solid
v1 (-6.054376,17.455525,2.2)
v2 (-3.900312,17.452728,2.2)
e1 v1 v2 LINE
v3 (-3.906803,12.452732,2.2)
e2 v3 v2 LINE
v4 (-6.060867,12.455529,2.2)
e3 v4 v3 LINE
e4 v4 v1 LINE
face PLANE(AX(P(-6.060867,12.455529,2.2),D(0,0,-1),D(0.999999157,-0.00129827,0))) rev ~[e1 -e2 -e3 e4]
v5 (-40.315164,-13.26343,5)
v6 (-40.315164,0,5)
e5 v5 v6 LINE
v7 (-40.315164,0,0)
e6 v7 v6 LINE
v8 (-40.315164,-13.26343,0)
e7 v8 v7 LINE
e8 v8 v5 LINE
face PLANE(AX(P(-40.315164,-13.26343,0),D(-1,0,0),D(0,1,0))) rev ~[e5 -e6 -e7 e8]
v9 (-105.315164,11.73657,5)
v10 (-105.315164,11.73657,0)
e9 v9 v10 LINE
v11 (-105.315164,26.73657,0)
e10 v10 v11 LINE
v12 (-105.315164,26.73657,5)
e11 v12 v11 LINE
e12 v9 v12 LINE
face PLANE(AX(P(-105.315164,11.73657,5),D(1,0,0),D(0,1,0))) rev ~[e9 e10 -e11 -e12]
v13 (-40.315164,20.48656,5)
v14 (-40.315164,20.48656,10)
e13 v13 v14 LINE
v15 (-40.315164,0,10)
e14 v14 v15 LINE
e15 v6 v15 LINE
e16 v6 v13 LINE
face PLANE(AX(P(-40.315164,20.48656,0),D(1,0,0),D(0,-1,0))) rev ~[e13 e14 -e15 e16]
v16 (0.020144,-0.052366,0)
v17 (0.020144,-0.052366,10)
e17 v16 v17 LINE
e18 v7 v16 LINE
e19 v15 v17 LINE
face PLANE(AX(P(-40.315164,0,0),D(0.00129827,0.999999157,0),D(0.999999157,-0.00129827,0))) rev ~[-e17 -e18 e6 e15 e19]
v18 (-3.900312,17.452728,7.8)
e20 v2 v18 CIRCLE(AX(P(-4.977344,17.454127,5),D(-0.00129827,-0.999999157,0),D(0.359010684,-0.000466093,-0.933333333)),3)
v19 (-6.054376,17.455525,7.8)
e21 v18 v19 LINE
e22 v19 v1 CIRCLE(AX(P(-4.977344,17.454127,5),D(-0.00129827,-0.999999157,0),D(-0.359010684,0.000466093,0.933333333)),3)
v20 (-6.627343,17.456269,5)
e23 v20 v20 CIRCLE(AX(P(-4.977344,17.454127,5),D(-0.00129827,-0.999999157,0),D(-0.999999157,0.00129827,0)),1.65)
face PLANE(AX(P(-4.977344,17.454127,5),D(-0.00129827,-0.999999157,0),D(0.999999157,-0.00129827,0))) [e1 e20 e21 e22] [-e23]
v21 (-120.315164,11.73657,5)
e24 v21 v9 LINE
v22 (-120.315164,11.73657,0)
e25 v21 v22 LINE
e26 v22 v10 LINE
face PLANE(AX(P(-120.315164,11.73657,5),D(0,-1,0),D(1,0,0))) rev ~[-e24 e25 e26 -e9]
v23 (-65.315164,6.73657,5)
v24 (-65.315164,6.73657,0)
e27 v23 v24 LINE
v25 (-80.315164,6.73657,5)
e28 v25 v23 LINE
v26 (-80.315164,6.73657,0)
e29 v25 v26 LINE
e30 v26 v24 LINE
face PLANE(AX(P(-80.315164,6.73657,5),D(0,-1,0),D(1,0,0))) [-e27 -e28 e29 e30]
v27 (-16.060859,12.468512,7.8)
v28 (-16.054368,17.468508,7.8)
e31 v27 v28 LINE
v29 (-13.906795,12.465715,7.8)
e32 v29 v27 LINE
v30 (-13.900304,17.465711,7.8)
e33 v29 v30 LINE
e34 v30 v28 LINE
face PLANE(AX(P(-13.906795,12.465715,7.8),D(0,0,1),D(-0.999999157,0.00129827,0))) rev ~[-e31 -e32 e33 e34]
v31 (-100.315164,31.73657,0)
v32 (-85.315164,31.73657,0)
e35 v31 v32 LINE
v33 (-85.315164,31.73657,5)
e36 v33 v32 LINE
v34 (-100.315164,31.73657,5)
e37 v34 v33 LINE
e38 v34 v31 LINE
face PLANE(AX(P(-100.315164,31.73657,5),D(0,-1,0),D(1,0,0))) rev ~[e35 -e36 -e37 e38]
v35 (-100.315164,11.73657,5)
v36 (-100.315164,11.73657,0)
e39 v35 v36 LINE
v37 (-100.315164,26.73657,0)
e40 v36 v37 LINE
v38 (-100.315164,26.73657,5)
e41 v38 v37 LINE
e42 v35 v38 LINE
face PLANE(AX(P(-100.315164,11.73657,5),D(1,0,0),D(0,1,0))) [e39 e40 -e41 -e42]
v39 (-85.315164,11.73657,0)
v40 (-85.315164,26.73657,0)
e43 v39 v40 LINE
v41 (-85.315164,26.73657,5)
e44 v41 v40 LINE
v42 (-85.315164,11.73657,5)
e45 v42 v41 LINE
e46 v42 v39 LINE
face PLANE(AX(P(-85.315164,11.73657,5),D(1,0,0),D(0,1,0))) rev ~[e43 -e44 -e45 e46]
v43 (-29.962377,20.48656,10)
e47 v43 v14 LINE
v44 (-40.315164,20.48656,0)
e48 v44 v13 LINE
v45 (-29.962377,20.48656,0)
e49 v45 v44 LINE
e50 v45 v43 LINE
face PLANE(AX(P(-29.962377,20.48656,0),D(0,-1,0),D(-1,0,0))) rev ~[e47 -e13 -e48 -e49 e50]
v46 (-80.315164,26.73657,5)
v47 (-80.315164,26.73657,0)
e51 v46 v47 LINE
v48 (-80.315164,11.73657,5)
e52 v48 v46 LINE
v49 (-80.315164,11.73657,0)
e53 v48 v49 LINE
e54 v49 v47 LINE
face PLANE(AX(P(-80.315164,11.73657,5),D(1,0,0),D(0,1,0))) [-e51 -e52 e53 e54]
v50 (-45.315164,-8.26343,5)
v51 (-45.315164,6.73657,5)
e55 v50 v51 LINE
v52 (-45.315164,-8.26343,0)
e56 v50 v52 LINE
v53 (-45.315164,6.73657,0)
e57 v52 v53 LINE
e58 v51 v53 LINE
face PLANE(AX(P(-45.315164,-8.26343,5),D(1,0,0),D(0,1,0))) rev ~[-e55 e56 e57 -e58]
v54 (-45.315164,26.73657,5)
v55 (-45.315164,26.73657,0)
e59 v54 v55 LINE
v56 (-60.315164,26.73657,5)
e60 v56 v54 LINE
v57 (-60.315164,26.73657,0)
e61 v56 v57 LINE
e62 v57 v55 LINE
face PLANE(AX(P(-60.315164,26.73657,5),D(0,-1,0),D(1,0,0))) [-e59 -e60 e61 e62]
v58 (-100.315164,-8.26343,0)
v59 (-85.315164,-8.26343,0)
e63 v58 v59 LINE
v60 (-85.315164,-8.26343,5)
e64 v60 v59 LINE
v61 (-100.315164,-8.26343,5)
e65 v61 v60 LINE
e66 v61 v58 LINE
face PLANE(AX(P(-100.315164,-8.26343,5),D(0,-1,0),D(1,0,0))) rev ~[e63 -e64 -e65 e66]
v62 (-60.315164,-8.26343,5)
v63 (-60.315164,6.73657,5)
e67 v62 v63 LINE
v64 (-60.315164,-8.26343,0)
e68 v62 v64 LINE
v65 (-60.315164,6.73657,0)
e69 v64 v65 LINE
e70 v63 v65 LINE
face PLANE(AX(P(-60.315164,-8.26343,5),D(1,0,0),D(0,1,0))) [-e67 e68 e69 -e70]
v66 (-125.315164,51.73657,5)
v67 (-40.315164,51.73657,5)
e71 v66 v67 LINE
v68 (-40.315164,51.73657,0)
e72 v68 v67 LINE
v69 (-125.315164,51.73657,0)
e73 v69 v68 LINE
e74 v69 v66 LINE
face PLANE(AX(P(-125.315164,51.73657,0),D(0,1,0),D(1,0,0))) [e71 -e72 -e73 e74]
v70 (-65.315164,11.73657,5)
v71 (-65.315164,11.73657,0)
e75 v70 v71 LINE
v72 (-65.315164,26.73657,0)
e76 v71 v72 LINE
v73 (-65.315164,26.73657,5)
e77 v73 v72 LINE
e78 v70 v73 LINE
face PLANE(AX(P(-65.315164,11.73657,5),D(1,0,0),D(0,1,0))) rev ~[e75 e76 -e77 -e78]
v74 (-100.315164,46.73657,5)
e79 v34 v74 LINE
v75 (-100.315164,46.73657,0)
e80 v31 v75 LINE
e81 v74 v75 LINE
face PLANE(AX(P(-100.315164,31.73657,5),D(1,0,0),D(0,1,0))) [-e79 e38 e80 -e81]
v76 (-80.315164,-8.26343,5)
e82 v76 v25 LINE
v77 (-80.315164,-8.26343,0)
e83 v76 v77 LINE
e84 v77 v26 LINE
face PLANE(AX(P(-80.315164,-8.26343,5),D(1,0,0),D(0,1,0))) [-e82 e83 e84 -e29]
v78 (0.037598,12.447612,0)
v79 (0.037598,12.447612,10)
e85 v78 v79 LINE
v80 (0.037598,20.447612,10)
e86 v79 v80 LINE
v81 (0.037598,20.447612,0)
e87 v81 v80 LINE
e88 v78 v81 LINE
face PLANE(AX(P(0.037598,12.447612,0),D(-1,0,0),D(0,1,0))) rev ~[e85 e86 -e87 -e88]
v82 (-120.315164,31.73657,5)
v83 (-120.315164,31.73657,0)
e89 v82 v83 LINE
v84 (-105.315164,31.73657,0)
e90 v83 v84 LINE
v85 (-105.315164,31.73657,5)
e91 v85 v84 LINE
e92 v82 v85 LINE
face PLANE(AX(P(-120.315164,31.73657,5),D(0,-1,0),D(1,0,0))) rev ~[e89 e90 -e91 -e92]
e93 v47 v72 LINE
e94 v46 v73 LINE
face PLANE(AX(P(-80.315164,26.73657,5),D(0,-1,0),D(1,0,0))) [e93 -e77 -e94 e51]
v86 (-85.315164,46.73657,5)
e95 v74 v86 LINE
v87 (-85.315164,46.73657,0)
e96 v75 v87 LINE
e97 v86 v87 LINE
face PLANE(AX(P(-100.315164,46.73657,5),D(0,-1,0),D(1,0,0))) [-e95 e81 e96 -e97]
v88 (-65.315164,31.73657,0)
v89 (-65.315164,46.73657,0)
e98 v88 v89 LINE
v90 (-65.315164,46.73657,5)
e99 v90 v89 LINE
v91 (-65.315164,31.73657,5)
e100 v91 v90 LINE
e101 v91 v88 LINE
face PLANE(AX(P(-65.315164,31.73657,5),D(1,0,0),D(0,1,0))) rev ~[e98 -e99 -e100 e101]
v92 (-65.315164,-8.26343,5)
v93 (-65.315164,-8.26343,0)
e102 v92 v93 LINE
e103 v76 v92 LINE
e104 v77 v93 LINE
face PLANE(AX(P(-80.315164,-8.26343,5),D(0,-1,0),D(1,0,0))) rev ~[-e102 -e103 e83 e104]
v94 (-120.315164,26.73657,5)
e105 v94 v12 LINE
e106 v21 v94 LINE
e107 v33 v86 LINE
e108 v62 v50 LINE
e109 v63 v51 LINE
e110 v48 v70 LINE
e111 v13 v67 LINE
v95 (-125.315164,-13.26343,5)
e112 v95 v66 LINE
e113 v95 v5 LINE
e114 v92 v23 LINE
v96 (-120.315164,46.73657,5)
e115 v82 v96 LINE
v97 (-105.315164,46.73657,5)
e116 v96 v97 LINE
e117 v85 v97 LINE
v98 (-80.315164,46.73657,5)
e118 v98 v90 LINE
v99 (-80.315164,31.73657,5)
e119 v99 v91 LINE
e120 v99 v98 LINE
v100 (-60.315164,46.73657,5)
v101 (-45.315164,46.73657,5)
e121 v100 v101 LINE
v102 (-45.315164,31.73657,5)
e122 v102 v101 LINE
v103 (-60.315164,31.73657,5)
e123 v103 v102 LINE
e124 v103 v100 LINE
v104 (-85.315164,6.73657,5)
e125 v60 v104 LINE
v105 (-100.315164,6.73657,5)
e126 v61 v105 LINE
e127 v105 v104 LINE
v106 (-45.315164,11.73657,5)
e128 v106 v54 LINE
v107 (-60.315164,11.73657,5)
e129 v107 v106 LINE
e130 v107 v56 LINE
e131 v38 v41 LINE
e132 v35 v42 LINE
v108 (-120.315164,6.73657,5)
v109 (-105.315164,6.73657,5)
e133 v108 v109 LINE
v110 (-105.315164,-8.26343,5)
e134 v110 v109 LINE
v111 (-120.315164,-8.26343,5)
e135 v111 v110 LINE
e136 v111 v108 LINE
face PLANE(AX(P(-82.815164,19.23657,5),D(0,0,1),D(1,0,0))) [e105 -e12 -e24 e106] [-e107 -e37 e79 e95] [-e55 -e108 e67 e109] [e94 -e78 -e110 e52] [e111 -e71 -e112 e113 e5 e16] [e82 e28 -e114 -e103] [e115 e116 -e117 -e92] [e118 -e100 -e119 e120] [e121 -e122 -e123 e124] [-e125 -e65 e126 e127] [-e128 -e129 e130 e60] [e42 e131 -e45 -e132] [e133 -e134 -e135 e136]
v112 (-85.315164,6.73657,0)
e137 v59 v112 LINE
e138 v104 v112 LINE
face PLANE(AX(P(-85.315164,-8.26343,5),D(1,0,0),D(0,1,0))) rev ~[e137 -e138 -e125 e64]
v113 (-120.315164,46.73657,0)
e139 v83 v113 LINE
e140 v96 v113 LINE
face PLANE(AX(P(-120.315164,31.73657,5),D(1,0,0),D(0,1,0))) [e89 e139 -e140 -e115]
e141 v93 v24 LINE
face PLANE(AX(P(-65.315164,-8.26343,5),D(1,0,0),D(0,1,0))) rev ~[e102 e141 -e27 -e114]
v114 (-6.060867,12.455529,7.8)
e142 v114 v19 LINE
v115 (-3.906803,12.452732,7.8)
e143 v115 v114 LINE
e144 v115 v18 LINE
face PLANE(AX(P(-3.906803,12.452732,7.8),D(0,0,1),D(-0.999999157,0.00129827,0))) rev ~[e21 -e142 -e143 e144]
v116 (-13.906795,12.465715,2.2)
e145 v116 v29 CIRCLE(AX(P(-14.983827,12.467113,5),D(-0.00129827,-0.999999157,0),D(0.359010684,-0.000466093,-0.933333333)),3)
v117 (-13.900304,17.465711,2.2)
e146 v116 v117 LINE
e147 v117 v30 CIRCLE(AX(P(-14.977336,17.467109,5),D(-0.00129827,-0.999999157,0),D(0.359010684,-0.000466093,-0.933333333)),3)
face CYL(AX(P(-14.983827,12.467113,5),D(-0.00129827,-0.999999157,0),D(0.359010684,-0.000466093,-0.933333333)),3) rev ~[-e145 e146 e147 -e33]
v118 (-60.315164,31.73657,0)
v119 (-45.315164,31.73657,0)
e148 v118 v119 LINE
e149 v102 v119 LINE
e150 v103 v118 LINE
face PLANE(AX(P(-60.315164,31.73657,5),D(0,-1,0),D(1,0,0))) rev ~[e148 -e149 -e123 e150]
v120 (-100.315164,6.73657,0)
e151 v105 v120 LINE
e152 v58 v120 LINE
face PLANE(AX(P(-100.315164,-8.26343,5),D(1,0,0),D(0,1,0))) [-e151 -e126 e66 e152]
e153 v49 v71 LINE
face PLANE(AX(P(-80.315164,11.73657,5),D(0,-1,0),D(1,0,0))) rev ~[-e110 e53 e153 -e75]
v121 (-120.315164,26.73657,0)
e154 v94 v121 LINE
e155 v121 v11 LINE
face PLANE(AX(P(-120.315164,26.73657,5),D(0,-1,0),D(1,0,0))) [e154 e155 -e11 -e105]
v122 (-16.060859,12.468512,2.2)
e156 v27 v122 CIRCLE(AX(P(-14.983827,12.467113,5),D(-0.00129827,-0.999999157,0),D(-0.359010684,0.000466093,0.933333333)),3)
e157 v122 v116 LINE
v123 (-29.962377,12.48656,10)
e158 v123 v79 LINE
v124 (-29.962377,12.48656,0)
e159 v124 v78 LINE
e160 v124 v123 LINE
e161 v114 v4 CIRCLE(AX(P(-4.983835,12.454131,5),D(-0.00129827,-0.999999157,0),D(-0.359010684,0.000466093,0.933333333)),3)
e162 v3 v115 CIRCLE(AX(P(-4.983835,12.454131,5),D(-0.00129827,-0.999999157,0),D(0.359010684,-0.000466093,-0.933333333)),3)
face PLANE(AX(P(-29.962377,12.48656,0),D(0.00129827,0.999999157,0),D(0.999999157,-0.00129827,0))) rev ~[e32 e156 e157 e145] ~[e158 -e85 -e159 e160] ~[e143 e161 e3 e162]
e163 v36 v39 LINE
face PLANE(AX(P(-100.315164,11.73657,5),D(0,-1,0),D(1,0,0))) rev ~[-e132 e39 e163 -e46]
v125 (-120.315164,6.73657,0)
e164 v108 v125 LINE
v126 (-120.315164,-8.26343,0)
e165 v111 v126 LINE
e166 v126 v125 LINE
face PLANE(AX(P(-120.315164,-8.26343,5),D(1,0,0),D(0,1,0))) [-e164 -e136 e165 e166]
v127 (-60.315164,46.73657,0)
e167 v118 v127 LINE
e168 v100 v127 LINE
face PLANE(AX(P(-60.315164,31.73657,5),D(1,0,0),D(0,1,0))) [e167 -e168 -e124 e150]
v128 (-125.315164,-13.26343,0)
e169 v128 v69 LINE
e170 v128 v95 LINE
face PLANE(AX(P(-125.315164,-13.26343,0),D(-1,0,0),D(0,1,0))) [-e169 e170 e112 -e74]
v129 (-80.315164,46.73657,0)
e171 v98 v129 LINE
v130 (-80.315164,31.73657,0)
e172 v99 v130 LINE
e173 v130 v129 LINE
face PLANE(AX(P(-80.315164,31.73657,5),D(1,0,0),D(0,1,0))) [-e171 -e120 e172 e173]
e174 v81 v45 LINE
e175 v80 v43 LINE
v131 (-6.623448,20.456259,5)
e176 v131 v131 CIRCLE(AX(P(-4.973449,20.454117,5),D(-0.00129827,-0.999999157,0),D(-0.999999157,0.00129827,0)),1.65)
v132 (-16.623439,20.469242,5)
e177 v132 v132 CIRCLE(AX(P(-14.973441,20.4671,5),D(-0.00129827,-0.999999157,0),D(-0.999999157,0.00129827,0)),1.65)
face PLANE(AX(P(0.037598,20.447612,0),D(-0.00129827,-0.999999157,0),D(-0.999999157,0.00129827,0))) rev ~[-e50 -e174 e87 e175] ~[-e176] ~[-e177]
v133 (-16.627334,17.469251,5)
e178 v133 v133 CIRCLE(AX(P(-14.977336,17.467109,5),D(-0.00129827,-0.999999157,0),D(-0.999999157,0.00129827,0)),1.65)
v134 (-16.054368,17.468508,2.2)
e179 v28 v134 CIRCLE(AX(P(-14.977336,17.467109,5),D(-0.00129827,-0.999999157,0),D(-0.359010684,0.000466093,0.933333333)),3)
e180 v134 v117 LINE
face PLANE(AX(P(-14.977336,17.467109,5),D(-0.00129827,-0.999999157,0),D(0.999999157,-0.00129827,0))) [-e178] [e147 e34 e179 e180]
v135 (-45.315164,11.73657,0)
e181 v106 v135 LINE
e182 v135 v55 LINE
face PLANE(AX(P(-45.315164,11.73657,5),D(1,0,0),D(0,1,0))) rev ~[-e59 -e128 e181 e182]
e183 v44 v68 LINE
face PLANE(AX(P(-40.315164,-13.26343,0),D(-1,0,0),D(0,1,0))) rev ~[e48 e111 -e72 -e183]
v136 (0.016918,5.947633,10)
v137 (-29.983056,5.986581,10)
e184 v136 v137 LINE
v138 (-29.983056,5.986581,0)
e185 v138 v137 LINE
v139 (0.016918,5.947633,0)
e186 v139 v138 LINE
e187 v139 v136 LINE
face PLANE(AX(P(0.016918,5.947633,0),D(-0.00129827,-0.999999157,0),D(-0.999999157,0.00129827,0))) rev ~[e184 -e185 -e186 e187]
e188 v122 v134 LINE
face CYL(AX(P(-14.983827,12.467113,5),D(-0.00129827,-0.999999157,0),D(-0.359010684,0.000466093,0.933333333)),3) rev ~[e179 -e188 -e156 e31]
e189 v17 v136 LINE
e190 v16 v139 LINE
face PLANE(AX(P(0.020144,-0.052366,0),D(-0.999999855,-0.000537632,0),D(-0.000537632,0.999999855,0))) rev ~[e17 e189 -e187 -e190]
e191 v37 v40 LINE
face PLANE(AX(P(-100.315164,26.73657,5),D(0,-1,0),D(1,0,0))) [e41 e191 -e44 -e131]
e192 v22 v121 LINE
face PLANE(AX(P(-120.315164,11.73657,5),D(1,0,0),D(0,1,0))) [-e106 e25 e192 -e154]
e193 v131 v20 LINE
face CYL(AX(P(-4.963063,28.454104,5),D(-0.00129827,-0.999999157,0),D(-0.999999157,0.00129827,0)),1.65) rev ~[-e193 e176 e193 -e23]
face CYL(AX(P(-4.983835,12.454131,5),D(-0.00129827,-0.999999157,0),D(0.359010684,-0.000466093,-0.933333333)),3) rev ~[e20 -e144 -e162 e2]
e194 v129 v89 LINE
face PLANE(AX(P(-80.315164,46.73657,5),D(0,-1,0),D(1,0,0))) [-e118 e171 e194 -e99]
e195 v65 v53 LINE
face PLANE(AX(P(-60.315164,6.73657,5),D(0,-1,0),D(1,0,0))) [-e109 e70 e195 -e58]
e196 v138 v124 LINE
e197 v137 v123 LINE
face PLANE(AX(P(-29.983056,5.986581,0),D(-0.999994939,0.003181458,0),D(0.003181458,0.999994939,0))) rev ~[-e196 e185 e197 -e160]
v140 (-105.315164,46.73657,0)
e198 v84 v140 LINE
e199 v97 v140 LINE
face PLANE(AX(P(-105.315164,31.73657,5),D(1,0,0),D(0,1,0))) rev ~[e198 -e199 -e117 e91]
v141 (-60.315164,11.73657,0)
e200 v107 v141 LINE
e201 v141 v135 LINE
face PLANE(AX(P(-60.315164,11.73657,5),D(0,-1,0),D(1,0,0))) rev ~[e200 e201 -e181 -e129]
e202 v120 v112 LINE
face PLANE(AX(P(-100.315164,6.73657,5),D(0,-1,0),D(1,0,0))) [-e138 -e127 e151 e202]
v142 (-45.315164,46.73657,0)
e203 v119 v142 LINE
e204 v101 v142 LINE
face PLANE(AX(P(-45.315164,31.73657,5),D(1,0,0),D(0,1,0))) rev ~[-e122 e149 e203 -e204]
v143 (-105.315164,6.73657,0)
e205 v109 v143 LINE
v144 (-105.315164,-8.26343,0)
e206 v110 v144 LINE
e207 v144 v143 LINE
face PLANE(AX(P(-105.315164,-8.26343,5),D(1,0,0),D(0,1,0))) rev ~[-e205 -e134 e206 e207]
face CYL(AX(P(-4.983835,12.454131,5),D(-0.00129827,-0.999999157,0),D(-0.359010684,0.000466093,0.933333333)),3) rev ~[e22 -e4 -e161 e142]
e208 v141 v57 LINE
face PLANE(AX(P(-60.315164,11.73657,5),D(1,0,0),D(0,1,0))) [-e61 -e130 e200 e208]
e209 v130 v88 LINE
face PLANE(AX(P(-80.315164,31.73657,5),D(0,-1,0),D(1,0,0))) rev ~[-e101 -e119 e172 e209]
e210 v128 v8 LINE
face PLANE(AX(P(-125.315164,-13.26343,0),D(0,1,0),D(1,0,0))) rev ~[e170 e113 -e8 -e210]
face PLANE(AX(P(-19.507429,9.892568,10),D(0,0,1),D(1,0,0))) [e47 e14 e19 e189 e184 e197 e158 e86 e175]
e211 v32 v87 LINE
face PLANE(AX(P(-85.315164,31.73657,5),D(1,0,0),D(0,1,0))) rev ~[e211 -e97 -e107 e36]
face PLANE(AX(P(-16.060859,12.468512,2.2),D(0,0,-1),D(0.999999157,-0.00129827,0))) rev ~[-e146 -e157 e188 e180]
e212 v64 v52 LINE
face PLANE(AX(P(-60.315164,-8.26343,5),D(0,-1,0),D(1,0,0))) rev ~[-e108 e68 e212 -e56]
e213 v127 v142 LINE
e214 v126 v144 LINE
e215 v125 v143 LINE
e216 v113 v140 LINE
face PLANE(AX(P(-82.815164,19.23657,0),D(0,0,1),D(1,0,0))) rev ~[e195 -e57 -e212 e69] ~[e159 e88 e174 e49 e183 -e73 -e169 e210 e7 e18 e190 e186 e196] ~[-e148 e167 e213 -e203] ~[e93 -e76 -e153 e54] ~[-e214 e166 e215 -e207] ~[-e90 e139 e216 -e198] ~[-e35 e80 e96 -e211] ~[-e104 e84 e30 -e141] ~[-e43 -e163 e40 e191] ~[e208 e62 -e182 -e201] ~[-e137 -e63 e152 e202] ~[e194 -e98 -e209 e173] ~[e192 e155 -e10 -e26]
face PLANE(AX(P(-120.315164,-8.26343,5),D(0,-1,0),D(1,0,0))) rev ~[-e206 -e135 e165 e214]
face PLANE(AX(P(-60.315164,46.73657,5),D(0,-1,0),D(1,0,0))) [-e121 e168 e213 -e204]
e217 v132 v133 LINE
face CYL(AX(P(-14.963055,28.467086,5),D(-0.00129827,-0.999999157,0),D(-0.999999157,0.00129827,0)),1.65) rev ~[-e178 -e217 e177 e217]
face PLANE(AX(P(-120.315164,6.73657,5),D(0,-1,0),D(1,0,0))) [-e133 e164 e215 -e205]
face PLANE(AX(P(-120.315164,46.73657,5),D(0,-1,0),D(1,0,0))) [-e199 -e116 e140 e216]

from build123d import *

# Parameters (mm, degrees)
EXTRUDE_1_DEPTH             = 10
HOLE_WIZARD_M4_1_D          = 3.3
HOLE_WIZARD_M4_1_DEPTH      = 7.999993258
CUT_EXTRUDE_1_DEPTH         = 5
SKETCH_6_W                  = 85
SKETCH_6_H                  = 65
EXTRUDE_2_DEPTH             = 5
SKETCH_7_W                  = 15
SKETCH_7_H                  = 15
CUT_EXTRUDE_2_DEPTH         = 5
PATTERN_LINEAR_1_COUNT      = 4
PATTERN_LINEAR_1_PITCH      = 20
PATTERN_LINEAR_1_COUNT_DIR2 = 3
PATTERN_LINEAR_1_PITCH_DIR2 = 20


with BuildPart() as part:
    # 草图1 → 凸台-拉伸1 (new body)
    with BuildSketch(Plane.XY):
        Polygon((0.020144186, -0.052366179), (0.016918395, 5.947632954), (-29.983056322, 5.986581065), (-29.962376808, 12.486559695), (0.03759791, 12.447611584), (0.03759791, 20.447611584), (-29.962376808, 20.486559695), (-40.315163894, 20.486559695), (-40.315163894, 0), align=None)
    extrude(amount=EXTRUDE_1_DEPTH)

    # M4 螺纹孔的螺纹孔钻头1
    with Locations(Plane(origin=(0.026546569, 20.447625932, 0), x_dir=(0.999999157, -0.00129827, 0), z_dir=(0.00129827, 0.999999157, 0))):
        with Locations((-15, -5), (-5, -5)):
            Hole(HOLE_WIZARD_M4_1_D / 2, depth=HOLE_WIZARD_M4_1_DEPTH)

    # 草图5 → 切除-拉伸1 (cut)
    with BuildSketch(Plane(origin=(0.016160415, 12.447639416, 0), x_dir=(0.999999157, -0.00129827, 0), z_dir=(-0.00129827, -0.999999157, 0))):
        with BuildLine():
            Line((-16.077032961, 2.2), (-13.922967039, 2.2))
            ThreePointArc((-13.922967039, 2.2), (-12, 5), (-13.922967039, 7.8))
            Line((-13.922967039, 7.8), (-16.077032961, 7.8))
            ThreePointArc((-16.077032961, 7.8), (-18, 5), (-16.077032961, 2.2))
        make_face()
        with BuildLine():
            Line((-6.077032961, 2.2), (-3.922967039, 2.2))
            ThreePointArc((-3.922967039, 2.2), (-2, 5), (-3.922967039, 7.8))
            Line((-3.922967039, 7.8), (-6.077032961, 7.8))
            ThreePointArc((-6.077032961, 7.8), (-8, 5), (-6.077032961, 2.2))
        make_face()
    extrude(amount=-CUT_EXTRUDE_1_DEPTH, mode=Mode.SUBTRACT)

    # 草图6 → 凸台-拉伸2 (add)
    with BuildSketch(Plane.XY):
        with Locations((-82.815163894, 19.23657038)):
            Rectangle(SKETCH_6_W, SKETCH_6_H)
    extrude(amount=EXTRUDE_2_DEPTH)

    # 草图7 → 切除-拉伸2 (cut)
    with BuildSketch(Plane.XY.offset(5)):
        with Locations((-112.815163894, 39.23657038)):
            Rectangle(SKETCH_7_W, SKETCH_7_H)
    cut_extrude_2 = extrude(amount=-CUT_EXTRUDE_2_DEPTH, mode=Mode.SUBTRACT)

    # 阵列(线性)1: Cut-Extrude 2 4 × 3
    with Locations(*[(i * PATTERN_LINEAR_1_PITCH, -j * PATTERN_LINEAR_1_PITCH_DIR2, 0) for i in range(PATTERN_LINEAR_1_COUNT) for j in range(PATTERN_LINEAR_1_COUNT_DIR2) if (i, j) != (0, 0)]):
        add(cut_extrude_2, mode=Mode.SUBTRACT)


solid = part.part
